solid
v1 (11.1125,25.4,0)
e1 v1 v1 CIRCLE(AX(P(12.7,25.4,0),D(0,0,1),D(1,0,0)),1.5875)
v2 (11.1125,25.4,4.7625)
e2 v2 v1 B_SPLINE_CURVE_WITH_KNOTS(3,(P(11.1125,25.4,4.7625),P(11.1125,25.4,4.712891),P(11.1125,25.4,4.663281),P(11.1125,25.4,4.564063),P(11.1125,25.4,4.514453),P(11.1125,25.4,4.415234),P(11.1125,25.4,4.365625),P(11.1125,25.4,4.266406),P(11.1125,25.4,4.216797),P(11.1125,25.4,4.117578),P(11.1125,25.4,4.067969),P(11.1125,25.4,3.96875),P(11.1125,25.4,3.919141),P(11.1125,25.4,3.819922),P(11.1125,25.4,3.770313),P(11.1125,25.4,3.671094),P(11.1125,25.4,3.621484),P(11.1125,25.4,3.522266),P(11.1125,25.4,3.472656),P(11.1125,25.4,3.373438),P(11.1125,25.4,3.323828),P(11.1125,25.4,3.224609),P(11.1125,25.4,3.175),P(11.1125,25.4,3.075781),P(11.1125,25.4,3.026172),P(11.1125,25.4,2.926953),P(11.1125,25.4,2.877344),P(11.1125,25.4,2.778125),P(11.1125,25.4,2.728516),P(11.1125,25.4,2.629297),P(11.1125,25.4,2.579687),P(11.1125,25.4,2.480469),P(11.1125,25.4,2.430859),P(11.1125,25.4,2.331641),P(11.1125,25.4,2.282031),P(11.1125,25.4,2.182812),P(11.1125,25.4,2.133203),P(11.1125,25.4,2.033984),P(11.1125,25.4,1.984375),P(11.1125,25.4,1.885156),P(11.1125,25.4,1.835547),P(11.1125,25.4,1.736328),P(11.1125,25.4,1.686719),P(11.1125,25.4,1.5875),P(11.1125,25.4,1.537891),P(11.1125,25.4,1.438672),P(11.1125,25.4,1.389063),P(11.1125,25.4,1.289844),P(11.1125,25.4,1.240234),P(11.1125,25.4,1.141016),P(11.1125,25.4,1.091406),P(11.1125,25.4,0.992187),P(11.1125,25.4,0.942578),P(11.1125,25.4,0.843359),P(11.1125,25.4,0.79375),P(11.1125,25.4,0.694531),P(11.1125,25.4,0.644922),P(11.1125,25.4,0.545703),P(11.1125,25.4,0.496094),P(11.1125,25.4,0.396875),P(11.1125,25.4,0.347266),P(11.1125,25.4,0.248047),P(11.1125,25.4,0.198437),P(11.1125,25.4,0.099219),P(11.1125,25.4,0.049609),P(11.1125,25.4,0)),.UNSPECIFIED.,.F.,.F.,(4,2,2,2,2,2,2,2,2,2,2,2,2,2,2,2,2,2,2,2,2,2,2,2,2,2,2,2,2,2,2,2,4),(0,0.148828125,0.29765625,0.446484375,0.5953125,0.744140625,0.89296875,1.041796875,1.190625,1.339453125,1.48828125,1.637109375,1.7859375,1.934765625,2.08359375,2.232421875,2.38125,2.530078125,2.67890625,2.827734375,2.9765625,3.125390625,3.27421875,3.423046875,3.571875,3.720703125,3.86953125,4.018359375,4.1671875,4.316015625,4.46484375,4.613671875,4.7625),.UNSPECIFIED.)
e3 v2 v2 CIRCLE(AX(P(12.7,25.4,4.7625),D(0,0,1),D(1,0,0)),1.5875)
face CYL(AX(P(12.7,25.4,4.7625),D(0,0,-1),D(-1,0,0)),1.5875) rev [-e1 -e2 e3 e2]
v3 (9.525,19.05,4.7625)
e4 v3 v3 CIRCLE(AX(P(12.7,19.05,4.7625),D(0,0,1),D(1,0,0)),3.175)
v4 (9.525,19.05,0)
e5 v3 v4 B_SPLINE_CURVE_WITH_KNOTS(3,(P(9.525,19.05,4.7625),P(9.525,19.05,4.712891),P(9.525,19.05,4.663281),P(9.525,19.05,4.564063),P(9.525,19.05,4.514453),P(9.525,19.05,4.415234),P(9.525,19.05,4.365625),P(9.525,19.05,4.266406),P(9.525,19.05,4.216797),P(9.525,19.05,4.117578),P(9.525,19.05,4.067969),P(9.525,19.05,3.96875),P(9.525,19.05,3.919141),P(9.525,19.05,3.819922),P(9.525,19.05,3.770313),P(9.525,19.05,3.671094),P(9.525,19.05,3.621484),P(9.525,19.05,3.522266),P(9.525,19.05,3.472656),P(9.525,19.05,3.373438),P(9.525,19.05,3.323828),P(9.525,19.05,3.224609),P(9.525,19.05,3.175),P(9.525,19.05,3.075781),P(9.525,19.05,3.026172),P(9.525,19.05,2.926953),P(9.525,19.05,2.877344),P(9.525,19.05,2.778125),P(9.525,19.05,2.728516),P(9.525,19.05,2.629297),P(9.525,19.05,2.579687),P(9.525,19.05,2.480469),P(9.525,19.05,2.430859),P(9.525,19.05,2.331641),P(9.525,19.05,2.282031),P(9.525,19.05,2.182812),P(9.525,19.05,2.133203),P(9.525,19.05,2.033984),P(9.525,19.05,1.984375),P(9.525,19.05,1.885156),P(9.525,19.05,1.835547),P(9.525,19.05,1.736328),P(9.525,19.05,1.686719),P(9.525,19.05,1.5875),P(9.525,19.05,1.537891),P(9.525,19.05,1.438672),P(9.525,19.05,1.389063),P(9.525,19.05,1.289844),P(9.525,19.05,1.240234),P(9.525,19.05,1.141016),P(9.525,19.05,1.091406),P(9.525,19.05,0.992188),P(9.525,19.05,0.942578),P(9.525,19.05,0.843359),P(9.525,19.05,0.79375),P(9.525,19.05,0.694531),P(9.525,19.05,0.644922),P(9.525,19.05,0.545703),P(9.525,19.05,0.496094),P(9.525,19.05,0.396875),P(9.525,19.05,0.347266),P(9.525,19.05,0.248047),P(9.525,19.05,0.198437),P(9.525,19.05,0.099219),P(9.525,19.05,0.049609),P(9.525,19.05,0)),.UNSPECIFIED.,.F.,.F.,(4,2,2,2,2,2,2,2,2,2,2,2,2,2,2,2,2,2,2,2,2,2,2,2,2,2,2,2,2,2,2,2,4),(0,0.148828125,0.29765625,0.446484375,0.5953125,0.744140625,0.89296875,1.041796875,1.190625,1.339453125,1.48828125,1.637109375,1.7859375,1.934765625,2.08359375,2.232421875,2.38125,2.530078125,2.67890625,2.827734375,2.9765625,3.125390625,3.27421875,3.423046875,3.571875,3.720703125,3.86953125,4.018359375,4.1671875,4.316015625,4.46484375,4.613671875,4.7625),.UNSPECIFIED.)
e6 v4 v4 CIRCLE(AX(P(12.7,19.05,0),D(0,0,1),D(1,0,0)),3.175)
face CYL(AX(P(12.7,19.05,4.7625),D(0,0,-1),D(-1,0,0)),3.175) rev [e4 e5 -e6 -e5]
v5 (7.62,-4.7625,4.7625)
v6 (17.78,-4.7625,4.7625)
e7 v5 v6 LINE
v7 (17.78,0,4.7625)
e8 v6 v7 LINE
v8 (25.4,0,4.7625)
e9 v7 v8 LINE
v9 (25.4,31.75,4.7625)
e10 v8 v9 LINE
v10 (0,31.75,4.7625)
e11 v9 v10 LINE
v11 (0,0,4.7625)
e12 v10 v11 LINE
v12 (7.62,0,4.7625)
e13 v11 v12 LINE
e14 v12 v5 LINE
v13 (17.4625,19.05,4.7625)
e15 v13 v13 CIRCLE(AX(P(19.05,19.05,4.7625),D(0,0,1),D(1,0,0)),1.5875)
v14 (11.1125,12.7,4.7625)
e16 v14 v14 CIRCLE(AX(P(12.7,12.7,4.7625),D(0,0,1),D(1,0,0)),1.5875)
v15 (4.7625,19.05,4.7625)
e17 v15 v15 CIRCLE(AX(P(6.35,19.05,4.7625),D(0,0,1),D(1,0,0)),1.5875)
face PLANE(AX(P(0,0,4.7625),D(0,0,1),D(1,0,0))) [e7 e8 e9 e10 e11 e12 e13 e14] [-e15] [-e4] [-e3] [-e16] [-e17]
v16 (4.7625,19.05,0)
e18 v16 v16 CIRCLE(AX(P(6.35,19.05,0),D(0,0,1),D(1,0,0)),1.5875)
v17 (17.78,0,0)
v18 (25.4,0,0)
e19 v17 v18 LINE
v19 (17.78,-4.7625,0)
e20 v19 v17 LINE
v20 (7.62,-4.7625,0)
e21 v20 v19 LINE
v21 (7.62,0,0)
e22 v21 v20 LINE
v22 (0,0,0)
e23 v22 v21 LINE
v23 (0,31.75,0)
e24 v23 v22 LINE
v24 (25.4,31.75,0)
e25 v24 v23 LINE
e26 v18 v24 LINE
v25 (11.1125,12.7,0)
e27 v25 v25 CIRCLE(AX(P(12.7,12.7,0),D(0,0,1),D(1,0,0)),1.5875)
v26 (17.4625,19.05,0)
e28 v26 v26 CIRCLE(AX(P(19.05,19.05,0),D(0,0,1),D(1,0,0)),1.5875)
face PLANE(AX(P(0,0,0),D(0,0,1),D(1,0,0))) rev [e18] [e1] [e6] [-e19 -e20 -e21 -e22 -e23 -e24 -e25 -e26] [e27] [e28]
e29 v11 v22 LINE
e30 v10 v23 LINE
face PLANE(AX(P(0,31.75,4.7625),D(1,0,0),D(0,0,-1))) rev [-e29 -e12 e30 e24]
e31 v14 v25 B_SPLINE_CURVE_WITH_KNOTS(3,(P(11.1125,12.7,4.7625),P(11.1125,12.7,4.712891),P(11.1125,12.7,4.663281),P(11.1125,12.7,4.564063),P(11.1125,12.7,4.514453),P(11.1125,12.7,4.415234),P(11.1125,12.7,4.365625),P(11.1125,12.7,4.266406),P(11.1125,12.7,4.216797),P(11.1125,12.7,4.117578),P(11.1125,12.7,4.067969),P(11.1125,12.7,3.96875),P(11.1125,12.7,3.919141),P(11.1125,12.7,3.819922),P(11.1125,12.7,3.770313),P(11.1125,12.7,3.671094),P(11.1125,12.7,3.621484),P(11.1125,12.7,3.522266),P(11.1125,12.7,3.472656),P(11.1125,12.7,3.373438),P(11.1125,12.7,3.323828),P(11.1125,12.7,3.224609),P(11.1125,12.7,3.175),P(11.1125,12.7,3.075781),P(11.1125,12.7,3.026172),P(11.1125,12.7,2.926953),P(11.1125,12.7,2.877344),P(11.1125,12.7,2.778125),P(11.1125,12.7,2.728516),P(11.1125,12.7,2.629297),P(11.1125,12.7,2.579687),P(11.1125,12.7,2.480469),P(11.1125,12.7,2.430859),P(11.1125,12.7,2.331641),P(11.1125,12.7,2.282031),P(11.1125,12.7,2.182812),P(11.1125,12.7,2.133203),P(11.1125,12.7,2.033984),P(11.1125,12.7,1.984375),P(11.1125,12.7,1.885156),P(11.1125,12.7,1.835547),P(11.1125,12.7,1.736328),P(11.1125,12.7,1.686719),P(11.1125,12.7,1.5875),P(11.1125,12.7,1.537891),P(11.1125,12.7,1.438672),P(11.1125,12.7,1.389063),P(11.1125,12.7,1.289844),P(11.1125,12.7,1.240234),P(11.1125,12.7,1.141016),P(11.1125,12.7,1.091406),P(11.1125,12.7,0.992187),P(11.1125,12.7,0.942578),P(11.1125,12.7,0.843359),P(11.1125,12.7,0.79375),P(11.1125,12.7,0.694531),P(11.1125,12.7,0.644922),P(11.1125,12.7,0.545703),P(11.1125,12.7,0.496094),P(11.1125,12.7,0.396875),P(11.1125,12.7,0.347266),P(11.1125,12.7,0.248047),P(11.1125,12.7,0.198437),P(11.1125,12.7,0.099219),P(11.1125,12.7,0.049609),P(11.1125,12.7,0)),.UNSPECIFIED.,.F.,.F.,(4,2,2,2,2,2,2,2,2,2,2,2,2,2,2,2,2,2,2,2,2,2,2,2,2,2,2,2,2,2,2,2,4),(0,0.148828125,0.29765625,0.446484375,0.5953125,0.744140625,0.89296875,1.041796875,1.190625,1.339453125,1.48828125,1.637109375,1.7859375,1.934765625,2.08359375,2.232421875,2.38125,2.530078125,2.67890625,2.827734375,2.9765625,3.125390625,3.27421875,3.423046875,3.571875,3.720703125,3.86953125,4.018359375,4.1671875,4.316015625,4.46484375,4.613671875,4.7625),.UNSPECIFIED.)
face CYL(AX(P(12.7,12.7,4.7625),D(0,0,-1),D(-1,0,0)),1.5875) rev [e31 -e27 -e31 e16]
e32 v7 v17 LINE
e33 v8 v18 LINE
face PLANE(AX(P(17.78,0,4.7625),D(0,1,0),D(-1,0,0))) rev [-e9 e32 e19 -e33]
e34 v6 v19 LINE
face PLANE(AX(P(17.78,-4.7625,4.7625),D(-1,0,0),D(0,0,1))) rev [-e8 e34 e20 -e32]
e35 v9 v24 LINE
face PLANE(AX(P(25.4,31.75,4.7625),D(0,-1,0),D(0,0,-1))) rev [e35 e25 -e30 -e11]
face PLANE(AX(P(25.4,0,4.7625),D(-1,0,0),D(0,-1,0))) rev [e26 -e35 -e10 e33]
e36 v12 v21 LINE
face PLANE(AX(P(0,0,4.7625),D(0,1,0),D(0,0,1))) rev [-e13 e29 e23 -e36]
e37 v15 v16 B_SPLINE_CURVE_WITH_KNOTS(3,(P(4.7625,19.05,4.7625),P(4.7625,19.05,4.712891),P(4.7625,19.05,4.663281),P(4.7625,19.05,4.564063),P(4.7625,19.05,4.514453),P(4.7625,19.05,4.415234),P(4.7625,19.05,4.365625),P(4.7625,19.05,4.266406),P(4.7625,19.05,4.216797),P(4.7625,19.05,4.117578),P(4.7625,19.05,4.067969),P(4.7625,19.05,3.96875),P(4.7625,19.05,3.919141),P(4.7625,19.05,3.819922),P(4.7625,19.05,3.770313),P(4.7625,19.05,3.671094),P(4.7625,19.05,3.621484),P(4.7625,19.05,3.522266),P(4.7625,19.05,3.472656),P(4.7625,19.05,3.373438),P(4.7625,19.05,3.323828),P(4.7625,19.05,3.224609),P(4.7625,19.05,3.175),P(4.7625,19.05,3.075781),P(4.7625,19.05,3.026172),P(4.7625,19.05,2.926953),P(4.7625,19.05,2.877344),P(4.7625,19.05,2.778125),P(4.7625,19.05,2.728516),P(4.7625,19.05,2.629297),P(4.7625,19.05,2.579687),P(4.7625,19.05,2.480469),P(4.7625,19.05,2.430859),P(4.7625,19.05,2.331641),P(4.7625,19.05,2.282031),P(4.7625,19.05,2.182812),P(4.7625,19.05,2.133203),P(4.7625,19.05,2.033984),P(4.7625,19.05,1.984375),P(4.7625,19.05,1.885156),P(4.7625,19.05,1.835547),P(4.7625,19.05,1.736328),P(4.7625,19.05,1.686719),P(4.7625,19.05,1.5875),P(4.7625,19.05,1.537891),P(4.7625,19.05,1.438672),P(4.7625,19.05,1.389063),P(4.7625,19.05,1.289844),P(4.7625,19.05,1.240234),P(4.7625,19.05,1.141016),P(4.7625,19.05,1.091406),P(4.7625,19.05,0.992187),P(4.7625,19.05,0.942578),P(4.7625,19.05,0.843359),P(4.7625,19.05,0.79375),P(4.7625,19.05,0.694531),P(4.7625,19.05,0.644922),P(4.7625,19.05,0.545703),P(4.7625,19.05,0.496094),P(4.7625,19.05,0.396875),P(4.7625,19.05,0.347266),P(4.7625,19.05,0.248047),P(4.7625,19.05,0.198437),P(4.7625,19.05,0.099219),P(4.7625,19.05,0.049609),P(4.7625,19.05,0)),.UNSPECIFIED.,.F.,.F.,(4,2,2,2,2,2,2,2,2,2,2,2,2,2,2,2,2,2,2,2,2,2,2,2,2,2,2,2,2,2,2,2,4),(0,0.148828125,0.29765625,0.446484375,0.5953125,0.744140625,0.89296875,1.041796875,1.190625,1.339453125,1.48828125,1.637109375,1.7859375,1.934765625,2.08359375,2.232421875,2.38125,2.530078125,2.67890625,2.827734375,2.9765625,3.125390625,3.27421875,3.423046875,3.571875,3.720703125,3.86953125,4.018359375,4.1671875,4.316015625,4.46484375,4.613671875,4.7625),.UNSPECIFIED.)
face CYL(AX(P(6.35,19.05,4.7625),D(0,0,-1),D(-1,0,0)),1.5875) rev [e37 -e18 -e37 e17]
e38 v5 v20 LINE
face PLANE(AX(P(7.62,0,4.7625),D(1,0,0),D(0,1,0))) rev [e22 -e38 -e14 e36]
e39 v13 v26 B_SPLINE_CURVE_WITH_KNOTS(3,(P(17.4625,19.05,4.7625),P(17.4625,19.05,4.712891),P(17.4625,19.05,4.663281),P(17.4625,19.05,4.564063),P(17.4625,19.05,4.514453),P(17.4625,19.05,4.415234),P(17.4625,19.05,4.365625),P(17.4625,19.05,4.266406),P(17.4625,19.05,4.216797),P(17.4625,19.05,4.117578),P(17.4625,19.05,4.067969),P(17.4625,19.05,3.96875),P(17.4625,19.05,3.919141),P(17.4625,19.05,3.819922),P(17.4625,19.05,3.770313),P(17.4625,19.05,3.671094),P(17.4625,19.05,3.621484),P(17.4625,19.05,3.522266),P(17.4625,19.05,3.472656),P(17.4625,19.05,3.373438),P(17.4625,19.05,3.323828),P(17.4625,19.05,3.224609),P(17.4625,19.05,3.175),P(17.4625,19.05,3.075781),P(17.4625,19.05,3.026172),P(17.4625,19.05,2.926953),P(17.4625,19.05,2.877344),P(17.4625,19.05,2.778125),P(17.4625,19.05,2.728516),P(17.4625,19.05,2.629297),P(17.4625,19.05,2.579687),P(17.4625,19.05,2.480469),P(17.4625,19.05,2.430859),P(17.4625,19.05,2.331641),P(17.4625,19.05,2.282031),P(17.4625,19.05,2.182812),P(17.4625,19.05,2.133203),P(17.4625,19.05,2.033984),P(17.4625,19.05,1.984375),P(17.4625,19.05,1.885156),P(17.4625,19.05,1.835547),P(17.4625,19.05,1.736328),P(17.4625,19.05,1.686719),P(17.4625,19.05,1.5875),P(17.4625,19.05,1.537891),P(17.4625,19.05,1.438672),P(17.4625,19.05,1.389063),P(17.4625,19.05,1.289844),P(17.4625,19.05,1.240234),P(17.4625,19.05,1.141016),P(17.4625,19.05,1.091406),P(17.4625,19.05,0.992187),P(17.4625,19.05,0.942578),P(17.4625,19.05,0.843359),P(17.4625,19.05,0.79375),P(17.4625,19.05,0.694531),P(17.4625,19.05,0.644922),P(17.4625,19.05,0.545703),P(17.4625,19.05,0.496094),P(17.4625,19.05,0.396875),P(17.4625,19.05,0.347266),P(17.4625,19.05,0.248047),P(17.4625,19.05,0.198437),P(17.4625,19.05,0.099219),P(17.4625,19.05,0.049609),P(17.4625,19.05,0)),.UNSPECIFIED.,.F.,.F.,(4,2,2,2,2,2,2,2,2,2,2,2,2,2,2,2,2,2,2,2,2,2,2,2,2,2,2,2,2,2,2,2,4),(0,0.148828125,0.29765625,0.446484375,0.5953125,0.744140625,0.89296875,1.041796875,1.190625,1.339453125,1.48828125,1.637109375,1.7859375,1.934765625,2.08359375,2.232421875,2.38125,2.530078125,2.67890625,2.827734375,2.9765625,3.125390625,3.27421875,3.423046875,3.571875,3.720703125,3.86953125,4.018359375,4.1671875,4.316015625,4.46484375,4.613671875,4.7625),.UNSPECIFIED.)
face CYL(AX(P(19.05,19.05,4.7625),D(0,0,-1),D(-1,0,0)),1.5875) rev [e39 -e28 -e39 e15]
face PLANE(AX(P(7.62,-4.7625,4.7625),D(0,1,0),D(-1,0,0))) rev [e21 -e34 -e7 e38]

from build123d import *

# Parameters (mm, degrees)
SKETCH1_R           = 3.175
SKETCH1_R_2         = 1.5875
BOSS_EXTRUDE1_DEPTH = 4.7625


with BuildPart() as part:
    # Sketch1 → Boss-Extrude1 (new body)
    with BuildSketch(Plane.XY):
        Polygon((25.4, 0), (25.4, 31.75), (0, 31.75), (0, 0), (7.62, 0), (7.62, -4.7625), (17.78, -4.7625), (17.78, 0), align=None)
        with Locations(Location((12.7, 19.05, 0), (0, 0, 180))):
            Circle(SKETCH1_R, mode=Mode.SUBTRACT)
        with Locations(Location((12.7, 25.4, 0), (0, 0, 180))):
            Circle(SKETCH1_R_2, mode=Mode.SUBTRACT)
        with Locations(Location((19.05, 19.05, 0), (0, 0, 180))):
            Circle(SKETCH1_R_2, mode=Mode.SUBTRACT)
        with Locations(Location((6.35, 19.05, 0), (0, 0, 180))):
            Circle(SKETCH1_R_2, mode=Mode.SUBTRACT)
        with Locations(Location((12.7, 12.7, 0), (0, 0, 180))):
            Circle(SKETCH1_R_2, mode=Mode.SUBTRACT)
    extrude(amount=BOSS_EXTRUDE1_DEPTH)


solid = part.part
